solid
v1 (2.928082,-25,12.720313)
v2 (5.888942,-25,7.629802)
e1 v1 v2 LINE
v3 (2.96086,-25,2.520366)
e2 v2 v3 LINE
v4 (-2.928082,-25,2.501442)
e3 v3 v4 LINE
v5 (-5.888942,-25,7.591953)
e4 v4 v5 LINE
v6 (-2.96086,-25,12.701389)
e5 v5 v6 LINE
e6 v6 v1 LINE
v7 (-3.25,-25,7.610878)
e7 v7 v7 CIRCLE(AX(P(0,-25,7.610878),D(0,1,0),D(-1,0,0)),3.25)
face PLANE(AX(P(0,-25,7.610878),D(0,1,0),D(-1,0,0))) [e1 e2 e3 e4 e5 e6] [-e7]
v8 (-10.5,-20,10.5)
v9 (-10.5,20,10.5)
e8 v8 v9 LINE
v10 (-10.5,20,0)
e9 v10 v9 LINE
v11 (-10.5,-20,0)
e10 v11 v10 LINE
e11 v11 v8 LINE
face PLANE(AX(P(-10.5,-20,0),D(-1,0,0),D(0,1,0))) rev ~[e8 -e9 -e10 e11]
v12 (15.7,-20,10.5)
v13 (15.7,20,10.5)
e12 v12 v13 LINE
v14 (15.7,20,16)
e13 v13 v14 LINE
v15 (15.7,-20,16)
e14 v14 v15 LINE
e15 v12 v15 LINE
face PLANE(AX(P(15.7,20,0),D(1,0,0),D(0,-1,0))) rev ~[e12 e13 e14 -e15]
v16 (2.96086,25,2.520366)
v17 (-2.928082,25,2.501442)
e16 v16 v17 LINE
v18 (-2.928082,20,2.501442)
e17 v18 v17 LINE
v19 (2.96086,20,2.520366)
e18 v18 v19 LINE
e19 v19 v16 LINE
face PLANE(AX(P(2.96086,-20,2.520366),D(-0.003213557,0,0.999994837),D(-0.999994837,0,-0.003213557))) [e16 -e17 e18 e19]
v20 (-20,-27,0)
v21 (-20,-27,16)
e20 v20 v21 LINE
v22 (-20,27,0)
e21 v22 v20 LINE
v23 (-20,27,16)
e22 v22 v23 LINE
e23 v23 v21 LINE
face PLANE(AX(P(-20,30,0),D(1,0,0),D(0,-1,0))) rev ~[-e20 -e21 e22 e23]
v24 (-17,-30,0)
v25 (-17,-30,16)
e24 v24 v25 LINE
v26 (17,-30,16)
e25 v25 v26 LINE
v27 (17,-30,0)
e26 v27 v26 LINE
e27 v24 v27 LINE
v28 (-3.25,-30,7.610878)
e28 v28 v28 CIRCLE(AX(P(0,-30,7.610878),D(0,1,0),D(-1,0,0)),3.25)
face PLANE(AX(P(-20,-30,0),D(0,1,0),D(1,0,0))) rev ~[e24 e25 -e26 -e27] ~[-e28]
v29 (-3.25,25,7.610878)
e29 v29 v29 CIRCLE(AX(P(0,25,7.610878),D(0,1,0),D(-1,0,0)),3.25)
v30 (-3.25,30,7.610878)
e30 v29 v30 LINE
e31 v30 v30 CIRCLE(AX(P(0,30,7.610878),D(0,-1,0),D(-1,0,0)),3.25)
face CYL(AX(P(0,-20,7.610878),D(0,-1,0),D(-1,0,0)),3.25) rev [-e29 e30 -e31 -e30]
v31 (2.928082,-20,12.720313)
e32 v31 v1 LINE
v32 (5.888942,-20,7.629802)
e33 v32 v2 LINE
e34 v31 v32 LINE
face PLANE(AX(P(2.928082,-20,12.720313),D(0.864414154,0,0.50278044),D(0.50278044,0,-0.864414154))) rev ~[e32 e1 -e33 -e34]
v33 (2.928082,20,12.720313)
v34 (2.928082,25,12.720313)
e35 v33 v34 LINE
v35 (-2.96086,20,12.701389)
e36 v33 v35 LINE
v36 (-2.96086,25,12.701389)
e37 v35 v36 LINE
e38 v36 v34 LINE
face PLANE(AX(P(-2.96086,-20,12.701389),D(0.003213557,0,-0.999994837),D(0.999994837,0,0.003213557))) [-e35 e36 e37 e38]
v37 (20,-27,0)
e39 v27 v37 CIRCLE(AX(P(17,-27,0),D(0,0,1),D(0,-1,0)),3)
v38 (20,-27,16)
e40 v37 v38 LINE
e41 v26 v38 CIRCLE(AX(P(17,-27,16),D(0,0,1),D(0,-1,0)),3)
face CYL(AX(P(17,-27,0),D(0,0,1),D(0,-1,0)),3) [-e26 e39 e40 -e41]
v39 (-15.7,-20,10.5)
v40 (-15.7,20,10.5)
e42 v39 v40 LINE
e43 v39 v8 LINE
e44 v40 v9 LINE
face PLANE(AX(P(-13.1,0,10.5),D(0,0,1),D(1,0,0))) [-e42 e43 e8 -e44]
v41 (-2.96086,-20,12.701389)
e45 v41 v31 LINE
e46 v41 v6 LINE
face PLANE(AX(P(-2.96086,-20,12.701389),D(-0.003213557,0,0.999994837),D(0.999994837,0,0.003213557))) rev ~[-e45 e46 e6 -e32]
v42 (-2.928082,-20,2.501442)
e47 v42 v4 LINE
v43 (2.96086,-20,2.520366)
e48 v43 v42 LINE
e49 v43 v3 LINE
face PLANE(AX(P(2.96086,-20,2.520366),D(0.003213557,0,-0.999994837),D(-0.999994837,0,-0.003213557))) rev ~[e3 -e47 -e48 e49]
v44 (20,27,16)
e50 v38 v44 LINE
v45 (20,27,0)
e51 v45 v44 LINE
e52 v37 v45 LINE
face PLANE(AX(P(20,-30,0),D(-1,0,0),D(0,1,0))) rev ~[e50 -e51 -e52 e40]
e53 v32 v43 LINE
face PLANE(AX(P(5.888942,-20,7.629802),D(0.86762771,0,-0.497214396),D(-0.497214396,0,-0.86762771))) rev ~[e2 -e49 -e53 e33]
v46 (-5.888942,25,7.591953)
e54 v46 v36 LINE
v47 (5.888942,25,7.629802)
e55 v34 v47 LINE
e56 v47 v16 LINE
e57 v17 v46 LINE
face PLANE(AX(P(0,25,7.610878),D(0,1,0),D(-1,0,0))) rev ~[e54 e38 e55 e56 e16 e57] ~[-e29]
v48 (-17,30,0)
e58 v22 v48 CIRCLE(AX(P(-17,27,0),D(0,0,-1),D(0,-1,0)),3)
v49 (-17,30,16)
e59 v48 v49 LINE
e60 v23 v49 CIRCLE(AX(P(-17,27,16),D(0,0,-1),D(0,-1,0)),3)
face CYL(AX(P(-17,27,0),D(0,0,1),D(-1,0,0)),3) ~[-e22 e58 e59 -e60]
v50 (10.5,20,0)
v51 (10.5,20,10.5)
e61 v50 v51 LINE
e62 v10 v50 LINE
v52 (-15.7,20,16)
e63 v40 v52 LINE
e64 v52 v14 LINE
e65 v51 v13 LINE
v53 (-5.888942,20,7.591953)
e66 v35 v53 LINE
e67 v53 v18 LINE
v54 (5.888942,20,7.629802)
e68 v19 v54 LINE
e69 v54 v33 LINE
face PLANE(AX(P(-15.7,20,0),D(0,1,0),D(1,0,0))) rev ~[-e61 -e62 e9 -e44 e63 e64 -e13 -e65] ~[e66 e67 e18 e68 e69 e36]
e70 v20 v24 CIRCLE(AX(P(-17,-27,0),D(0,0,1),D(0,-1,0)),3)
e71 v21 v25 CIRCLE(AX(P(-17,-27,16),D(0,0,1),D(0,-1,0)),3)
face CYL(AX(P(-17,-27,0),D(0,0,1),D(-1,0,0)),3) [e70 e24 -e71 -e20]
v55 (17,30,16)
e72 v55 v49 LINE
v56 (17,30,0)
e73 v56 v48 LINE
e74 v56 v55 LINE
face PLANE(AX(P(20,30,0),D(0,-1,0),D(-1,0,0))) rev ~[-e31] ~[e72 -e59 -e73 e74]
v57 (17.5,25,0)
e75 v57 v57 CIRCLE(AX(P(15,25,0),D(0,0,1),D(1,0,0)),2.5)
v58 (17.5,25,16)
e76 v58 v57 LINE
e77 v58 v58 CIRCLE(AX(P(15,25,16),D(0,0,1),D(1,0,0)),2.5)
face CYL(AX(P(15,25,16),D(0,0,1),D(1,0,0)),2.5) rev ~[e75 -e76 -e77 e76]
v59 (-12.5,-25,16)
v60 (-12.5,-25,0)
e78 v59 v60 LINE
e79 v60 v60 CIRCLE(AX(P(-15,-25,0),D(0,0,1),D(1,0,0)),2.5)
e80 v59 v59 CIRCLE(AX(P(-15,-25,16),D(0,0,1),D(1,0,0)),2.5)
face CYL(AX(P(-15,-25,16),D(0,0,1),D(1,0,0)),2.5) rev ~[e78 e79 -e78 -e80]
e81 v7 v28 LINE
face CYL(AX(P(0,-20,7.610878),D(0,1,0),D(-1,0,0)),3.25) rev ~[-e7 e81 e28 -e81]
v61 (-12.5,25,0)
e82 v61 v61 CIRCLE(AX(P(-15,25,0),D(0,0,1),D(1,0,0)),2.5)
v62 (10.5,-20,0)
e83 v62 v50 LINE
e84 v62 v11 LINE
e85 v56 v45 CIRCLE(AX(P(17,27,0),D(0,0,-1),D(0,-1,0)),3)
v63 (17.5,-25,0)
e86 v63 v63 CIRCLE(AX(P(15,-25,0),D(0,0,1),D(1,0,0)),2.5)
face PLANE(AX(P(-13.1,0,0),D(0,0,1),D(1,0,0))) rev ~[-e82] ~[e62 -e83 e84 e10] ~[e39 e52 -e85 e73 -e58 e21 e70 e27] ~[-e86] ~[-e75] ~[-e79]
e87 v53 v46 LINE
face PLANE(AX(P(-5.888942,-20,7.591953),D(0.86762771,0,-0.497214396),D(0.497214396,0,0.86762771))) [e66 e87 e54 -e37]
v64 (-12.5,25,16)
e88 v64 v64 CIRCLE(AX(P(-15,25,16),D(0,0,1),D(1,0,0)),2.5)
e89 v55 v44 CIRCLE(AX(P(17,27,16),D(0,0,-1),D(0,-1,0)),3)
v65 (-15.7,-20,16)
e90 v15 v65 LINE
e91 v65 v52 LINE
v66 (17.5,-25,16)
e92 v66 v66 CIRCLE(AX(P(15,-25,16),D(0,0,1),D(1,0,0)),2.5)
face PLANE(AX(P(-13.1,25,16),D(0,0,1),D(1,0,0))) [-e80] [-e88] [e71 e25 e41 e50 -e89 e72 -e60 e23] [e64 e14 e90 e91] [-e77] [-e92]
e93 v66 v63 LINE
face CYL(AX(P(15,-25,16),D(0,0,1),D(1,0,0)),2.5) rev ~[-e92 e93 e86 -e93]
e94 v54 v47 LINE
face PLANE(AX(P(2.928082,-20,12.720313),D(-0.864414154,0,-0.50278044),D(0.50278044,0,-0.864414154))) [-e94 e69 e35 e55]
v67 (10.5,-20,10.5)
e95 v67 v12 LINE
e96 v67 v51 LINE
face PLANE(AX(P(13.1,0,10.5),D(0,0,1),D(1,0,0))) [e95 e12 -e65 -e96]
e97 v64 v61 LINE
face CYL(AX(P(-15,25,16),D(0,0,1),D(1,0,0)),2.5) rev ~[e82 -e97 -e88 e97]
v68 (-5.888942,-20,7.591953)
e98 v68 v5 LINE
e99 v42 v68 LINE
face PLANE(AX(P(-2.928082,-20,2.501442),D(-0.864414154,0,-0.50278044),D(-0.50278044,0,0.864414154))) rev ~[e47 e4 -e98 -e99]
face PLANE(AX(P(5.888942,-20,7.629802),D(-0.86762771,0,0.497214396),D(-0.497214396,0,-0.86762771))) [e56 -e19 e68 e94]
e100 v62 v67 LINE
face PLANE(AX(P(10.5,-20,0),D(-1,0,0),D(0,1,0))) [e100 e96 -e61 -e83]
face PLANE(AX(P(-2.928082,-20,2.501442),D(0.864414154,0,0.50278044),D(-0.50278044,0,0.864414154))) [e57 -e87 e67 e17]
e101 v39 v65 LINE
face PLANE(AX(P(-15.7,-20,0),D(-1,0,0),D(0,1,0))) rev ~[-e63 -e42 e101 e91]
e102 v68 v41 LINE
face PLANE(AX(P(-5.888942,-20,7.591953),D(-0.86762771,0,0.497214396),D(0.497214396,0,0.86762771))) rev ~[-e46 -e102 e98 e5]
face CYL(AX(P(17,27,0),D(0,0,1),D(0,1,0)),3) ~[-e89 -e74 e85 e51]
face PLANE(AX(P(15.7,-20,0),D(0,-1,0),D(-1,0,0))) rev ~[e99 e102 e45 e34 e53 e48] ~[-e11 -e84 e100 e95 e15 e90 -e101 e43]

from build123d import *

# Parameters (mm, degrees)
F0_W          = 5.2
F0_H          = 10
F1_DEPTH      = 16
F0_H_2        = 40
F2_DEPTH      = 10.5
F3_R          = 3.25
F4_DEPTH      = 25
F4_DEPTH_BACK = 62.6
F5_DEPTH      = 5
F5_DEPTH_BACK = 45
F6_R          = 2.5
F7_DEPTH      = 20
F8_R          = 3


with BuildPart() as f1:
    # F0 (on Top) → F1 (new body)
    with BuildSketch(Plane.XY):
        with Locations((-13.1, 25)):
            Rectangle(F0_W, F0_H)
        Polygon((-15.7, -30), (-15.7, -20), (-15.7, 20), (-15.7, 30), (-20, 30), (-20, -30), align=None)
        with Locations((-13.1, -25)):
            Rectangle(F0_W, F0_H)
        Polygon((10, -30), (10.5, -30), (10.5, -20), (-10.5, -20), (-10.5, -30), (-10, -30), align=None)
        with Locations((13.1, -25)):
            Rectangle(F0_W, F0_H)
        Polygon((15.7, -30), (20, -30), (20, 30), (15.7, 30), (15.7, 20), (15.7, -20), align=None)
        with Locations((13.1, 25)):
            Rectangle(F0_W, F0_H)
        Polygon((10.5, 20), (10.5, 30), (10, 30), (-10, 30), (-10.5, 30), (-10.5, 20), align=None)
    extrude(amount=F1_DEPTH)

    # F0 (on Top) → F2 (join)
    with BuildSketch(Plane.XY):
        with Locations((-13.1, 0)):
            Rectangle(F0_W, F0_H_2)
        with Locations((13.1, 0)):
            Rectangle(F0_W, F0_H_2)
    extrude(amount=F2_DEPTH)

    # F3 (on face) → F4 (cut, two sides)
    with BuildSketch(Plane(origin=(0, -20, 0), x_dir=(-1, 0, 0), z_dir=(0, 1, 0))) as f4_sk:
        with Locations((0, 7.6108775102)):
            Circle(F3_R)
    extrude(amount=-F4_DEPTH, mode=Mode.SUBTRACT)
    extrude(f4_sk.sketch, amount=F4_DEPTH_BACK, mode=Mode.SUBTRACT)

    # F3 (on face) → F5 (cut, two sides)
    with BuildSketch(Plane(origin=(0, -20, 0), x_dir=(-1, 0, 0), z_dir=(0, 1, 0))) as f5_sk:
        Polygon((-2.9280820296, 12.7203134505), (-5.8889423381, 7.6298020583), (-2.9608603085, 2.520366118), (2.9280820296, 2.5014415699), (5.8889423381, 7.591952962), (2.9608603085, 12.7013889023), align=None)
        with Locations((0, 7.6108775102)):
            Circle(F3_R, mode=Mode.SUBTRACT)
    extrude(amount=-F5_DEPTH, mode=Mode.SUBTRACT)
    extrude(f5_sk.sketch, amount=F5_DEPTH_BACK, mode=Mode.SUBTRACT)

    # F6 (on face) → F7 (cut)
    with BuildSketch(Plane.XY.offset(16)):
        with Locations((-15, -25)):
            Circle(F6_R)
        with Locations((15, -25)):
            Circle(F6_R)
        with Locations((15, 25)):
            Circle(F6_R)
        with Locations((-15, 25)):
            Circle(F6_R)
    extrude(amount=-F7_DEPTH, mode=Mode.SUBTRACT)

    # F8
    f8_edges = [f1.edges().sort_by_distance(p)[0] for p in [
        (20, -30, 8),
        (20, 30, 8),
        (-20, 30, 8),
        (-20, -30, 8),
    ]]
    fillet(f8_edges, radius=F8_R)


solid = f1.part
